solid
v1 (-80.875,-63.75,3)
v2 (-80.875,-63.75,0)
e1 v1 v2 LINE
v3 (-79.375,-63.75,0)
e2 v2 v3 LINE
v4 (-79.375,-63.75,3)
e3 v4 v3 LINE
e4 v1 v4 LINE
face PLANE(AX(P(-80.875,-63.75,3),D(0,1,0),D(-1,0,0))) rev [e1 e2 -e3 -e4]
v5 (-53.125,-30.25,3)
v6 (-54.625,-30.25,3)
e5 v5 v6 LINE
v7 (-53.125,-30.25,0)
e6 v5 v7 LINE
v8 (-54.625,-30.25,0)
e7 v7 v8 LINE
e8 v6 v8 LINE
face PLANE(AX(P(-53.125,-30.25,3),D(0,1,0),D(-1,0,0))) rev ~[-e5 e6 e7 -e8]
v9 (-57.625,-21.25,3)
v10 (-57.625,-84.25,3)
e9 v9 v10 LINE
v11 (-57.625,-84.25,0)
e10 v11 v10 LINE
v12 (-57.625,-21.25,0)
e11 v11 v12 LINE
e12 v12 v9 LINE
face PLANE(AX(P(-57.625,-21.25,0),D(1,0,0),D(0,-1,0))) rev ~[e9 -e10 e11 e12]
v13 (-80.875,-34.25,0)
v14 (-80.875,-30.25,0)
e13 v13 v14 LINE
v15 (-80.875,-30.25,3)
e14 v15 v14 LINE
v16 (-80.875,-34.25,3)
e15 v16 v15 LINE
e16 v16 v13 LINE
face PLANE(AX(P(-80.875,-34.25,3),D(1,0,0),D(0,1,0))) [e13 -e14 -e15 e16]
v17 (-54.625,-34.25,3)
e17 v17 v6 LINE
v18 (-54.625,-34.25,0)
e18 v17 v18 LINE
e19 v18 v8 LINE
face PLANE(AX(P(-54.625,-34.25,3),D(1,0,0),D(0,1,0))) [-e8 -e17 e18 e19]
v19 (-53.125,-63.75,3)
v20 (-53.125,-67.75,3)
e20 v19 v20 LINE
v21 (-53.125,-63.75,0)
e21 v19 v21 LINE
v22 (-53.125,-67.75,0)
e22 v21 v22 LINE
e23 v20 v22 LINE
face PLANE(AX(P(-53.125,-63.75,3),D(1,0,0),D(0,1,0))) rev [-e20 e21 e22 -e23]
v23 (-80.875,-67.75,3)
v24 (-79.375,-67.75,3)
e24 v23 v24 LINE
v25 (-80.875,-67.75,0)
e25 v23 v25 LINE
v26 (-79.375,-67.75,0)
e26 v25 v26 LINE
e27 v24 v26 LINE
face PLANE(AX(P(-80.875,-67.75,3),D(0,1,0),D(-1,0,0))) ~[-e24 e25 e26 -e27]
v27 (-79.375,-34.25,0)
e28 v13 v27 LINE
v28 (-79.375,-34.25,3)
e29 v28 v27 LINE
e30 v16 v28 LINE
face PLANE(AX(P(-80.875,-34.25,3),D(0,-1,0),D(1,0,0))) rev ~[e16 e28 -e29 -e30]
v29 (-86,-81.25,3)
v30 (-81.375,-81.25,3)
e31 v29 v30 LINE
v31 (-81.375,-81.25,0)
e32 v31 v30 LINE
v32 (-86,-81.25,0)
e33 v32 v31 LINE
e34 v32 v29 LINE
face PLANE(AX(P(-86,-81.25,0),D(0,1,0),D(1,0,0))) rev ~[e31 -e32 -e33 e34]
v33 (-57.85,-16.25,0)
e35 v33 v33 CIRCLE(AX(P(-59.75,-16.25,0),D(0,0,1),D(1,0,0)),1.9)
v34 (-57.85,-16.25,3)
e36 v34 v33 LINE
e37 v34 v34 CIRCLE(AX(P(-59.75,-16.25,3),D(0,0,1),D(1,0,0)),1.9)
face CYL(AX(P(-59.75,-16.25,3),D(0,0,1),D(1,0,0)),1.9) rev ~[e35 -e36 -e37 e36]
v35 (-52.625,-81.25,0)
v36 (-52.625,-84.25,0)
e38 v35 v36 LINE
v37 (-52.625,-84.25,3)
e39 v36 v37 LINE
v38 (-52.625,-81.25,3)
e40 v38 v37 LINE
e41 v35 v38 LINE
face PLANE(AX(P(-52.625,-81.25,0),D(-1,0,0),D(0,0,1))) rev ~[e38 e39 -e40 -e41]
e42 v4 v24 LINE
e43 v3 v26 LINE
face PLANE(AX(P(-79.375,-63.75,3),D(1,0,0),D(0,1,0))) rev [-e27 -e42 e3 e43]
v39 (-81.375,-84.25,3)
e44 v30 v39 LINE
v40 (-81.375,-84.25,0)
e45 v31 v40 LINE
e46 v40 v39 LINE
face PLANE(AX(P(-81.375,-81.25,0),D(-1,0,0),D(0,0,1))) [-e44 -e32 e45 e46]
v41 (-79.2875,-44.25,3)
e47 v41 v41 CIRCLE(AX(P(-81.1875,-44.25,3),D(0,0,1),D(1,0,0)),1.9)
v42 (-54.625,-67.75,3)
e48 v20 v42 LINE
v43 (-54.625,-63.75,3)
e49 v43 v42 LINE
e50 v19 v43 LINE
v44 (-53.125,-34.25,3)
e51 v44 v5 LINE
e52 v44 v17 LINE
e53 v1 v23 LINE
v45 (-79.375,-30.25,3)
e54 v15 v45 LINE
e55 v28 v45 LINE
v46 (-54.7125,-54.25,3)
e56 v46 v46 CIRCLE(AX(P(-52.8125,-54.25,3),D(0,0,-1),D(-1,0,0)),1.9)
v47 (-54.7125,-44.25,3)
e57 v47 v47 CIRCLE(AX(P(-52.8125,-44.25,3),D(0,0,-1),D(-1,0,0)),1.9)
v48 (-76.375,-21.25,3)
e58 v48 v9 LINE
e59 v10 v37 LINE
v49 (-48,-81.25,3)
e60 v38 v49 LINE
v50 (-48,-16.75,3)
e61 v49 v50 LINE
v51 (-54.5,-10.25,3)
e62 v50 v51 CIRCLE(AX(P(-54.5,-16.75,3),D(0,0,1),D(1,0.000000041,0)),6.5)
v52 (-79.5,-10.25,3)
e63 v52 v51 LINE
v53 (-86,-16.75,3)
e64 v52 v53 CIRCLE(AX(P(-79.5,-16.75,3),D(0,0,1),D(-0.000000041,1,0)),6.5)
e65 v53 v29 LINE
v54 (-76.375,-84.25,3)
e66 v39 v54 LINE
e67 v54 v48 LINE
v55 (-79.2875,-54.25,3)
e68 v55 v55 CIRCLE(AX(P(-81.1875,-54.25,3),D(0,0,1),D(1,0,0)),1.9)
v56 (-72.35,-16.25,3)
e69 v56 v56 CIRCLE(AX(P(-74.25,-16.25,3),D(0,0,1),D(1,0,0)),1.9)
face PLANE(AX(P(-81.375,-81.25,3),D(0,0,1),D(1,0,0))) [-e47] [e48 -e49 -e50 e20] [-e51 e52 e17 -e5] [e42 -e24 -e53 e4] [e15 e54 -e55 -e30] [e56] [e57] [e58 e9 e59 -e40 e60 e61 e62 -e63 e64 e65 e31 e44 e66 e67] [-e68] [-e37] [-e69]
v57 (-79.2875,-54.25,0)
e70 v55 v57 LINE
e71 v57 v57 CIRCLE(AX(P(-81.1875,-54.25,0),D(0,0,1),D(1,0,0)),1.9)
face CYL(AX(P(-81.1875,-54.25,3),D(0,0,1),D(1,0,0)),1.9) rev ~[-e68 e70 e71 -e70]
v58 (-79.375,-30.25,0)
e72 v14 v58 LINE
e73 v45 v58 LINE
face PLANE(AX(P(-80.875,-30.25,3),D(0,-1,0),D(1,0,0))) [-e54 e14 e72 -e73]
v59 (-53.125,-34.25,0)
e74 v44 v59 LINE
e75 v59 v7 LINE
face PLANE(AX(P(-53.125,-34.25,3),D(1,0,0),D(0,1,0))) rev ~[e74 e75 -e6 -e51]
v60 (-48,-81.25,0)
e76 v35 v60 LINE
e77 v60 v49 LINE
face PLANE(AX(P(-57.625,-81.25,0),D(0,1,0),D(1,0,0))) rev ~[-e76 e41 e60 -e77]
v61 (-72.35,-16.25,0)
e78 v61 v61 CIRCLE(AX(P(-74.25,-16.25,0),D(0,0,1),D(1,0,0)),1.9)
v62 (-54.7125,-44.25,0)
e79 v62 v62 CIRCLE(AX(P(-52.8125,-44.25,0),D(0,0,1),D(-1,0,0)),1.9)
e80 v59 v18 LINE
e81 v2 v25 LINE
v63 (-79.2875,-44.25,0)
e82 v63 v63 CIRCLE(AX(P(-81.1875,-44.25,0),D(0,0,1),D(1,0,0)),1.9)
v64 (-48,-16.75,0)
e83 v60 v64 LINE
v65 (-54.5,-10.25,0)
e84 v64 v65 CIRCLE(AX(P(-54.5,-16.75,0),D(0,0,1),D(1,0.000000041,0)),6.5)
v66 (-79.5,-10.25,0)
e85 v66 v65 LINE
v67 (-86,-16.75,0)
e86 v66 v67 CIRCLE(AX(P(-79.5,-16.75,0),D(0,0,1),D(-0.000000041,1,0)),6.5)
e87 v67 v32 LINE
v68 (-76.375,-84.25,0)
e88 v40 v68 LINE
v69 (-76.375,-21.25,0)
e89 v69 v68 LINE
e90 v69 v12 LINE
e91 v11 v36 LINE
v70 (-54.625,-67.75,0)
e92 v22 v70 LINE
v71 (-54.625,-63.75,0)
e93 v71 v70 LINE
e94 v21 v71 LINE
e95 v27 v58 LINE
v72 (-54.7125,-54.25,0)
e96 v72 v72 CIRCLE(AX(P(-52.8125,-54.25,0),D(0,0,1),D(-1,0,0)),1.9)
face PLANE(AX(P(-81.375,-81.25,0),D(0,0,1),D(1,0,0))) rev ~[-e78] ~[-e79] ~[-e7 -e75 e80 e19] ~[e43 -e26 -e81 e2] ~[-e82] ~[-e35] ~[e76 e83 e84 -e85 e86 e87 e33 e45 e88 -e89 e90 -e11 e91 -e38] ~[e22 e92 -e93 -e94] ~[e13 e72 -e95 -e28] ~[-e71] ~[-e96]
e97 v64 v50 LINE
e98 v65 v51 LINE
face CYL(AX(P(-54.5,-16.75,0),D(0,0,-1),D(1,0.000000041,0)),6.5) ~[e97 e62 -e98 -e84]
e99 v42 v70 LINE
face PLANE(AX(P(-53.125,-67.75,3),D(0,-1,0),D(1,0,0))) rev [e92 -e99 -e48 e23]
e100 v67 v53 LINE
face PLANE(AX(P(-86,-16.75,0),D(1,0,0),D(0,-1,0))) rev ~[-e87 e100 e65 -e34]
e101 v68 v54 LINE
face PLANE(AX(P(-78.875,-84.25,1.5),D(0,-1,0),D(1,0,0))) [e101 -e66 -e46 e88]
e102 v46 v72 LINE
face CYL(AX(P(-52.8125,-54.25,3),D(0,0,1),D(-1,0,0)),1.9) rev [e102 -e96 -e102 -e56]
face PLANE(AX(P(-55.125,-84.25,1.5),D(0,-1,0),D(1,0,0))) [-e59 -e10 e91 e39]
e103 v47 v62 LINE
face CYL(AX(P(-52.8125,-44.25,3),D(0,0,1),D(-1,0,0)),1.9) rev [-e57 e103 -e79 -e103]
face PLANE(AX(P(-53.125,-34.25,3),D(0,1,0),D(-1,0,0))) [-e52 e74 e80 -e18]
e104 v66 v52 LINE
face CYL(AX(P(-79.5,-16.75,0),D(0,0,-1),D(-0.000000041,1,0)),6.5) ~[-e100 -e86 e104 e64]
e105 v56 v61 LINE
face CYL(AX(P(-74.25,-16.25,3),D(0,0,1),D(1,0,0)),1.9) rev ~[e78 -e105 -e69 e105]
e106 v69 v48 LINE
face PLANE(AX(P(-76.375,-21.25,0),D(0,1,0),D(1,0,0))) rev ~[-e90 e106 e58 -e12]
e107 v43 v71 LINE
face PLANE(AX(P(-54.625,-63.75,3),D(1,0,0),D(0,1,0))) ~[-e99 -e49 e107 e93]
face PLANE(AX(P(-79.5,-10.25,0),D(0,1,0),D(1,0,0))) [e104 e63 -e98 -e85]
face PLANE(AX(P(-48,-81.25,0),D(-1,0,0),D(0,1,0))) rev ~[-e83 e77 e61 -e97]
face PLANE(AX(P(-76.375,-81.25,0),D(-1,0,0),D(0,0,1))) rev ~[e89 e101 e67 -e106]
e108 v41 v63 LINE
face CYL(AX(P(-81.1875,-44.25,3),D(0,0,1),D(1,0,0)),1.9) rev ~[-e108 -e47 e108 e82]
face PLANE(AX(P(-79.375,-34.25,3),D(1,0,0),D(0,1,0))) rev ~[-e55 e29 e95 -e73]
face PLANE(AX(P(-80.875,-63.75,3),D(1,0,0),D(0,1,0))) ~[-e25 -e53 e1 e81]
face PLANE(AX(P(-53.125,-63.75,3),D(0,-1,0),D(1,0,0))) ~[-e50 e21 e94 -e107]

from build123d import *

# Parameters (mm, degrees)
PAD001_DEPTH                  = 3
SKETCH002_W                   = 5
SKETCH002_H                   = 3
PAD002_DEPTH                  = 3
SKETCH006_W                   = 1.5
SKETCH006_H                   = 4
POCKET002_DEPTH               = 169.48223
SKETCH006_MIRRORED004_2_W     = 1.5
SKETCH006_MIRRORED004_2_H     = 4
POCKET002_MIRRORED004_2_DEPTH = 169.48223
SKETCH008_R                   = 1.9
POCKET003_DEPTH               = 3.001
SKETCH013_R                   = 1.9
POCKET007_DEPTH               = 169.48223
SKETCH038_R                   = 1.9
POCKET025_DEPTH               = 169.48223


with BuildPart() as part:
    # Sketch001 → Pad001 (new body)
    with BuildSketch(Plane.XY):
        with BuildLine():
            Line((-19, 32.25), (-19, -32.25))
            Line((-19, -32.25), (-9.375, -32.25))
            Line((-9.375, -32.25), (-9.375, 27.75))
            Line((-9.375, 27.75), (9.375, 27.75))
            Line((9.375, 27.75), (9.375, -32.25))
            Line((9.375, -32.25), (19, -32.25))
            Line((19, -32.25), (19, 32.25))
            ThreePointArc((19, 32.25), (17.096194, 36.846194), (12.5, 38.75))
            Line((-12.5, 38.75), (12.5, 38.75))
            ThreePointArc((-12.5, 38.75), (-17.096194, 36.846194), (-19, 32.25))
        make_face()
    extrude(amount=PAD001_DEPTH)

    # Sketch002 (on DatumPlane) → Pad002 (join)
    with BuildSketch(Plane.XZ.offset(32.25)):
        with Locations((-11.875, 1.5)):
            Rectangle(SKETCH002_W, SKETCH002_H)
        with Locations((11.875, 1.5)):
            Rectangle(SKETCH002_W, SKETCH002_H)
    extrude(amount=PAD002_DEPTH)

    # Sketch006 (on Face14 of Pad002) → Pocket002 (cut, through all)
    with BuildSketch(Plane.XY.offset(3)):
        with Locations((-13.125, 16.75)):
            Rectangle(SKETCH006_W, SKETCH006_H)
    pocket002 = extrude(amount=-POCKET002_DEPTH, mode=Mode.SUBTRACT)

    # Sketch006 Mirrored004 2 → Pocket002 Mirrored004 2 (cut, through all)
    with BuildSketch(Plane(origin=(0, 0, 3), x_dir=(-1, 0, 0), z_dir=(0, 0, -1))):
        with Locations((-13.125, 16.75)):
            Rectangle(SKETCH006_MIRRORED004_2_W, SKETCH006_MIRRORED004_2_H)
    pocket002_mirrored004_2 = extrude(amount=POCKET002_MIRRORED004_2_DEPTH, mode=Mode.SUBTRACT)

    # Mirrored005: Pocket002, Pocket002 Mirrored004 2 across Sketch006 H_Axis
    add(pocket002.mirror(Plane(origin=(0, 0, 3), x_dir=(0, 0, 1), z_dir=(0, 1, 0))), mode=Mode.SUBTRACT)
    add(pocket002_mirrored004_2.mirror(Plane(origin=(0, 0, 3), x_dir=(0, 0, 1), z_dir=(0, 1, 0))), mode=Mode.SUBTRACT)

    # Sketch008 (on Face4 of MultiTransform002) → Pocket003 (cut, through all)
    with BuildSketch(Plane.XY.offset(3)):
        with Locations((-7.25, 32.75)):
            Circle(SKETCH008_R)
        with Locations((7.25, 32.75)):
            Circle(SKETCH008_R)
    extrude(amount=-POCKET003_DEPTH, mode=Mode.SUBTRACT)

    # Sketch013 (on Face4 of Pocket003) → Pocket007 (cut, through all)
    with BuildSketch(Plane.XY.offset(3)):
        with Locations((-14.1875, -5.25)):
            Circle(SKETCH013_R)
    pocket007 = extrude(amount=-POCKET007_DEPTH, mode=Mode.SUBTRACT)

    # Mirrored008: Pocket007 across Sketch013 V_Axis
    add(pocket007.mirror(Plane(origin=(0, 0, 3), x_dir=(0, 0, 1), z_dir=(1, 0, 0))), mode=Mode.SUBTRACT)

    # Sketch038 (on Face4 of Mirrored008) → Pocket025 (cut, through all)
    with BuildSketch(Plane.XY.offset(3)):
        with Locations((-14.1875, 4.75)):
            Circle(SKETCH038_R)
    pocket025 = extrude(amount=-POCKET025_DEPTH, mode=Mode.SUBTRACT)

    # Mirrored021: Pocket025 across Sketch038 V_Axis
    add(pocket025.mirror(Plane(origin=(0, 0, 3), x_dir=(0, 0, 1), z_dir=(1, 0, 0))), mode=Mode.SUBTRACT)


with BuildPart() as part_1:
    # Body001 placement: moved
    add(part.part.moved(Location((-67, -49, 0))))


solid = part_1.part
